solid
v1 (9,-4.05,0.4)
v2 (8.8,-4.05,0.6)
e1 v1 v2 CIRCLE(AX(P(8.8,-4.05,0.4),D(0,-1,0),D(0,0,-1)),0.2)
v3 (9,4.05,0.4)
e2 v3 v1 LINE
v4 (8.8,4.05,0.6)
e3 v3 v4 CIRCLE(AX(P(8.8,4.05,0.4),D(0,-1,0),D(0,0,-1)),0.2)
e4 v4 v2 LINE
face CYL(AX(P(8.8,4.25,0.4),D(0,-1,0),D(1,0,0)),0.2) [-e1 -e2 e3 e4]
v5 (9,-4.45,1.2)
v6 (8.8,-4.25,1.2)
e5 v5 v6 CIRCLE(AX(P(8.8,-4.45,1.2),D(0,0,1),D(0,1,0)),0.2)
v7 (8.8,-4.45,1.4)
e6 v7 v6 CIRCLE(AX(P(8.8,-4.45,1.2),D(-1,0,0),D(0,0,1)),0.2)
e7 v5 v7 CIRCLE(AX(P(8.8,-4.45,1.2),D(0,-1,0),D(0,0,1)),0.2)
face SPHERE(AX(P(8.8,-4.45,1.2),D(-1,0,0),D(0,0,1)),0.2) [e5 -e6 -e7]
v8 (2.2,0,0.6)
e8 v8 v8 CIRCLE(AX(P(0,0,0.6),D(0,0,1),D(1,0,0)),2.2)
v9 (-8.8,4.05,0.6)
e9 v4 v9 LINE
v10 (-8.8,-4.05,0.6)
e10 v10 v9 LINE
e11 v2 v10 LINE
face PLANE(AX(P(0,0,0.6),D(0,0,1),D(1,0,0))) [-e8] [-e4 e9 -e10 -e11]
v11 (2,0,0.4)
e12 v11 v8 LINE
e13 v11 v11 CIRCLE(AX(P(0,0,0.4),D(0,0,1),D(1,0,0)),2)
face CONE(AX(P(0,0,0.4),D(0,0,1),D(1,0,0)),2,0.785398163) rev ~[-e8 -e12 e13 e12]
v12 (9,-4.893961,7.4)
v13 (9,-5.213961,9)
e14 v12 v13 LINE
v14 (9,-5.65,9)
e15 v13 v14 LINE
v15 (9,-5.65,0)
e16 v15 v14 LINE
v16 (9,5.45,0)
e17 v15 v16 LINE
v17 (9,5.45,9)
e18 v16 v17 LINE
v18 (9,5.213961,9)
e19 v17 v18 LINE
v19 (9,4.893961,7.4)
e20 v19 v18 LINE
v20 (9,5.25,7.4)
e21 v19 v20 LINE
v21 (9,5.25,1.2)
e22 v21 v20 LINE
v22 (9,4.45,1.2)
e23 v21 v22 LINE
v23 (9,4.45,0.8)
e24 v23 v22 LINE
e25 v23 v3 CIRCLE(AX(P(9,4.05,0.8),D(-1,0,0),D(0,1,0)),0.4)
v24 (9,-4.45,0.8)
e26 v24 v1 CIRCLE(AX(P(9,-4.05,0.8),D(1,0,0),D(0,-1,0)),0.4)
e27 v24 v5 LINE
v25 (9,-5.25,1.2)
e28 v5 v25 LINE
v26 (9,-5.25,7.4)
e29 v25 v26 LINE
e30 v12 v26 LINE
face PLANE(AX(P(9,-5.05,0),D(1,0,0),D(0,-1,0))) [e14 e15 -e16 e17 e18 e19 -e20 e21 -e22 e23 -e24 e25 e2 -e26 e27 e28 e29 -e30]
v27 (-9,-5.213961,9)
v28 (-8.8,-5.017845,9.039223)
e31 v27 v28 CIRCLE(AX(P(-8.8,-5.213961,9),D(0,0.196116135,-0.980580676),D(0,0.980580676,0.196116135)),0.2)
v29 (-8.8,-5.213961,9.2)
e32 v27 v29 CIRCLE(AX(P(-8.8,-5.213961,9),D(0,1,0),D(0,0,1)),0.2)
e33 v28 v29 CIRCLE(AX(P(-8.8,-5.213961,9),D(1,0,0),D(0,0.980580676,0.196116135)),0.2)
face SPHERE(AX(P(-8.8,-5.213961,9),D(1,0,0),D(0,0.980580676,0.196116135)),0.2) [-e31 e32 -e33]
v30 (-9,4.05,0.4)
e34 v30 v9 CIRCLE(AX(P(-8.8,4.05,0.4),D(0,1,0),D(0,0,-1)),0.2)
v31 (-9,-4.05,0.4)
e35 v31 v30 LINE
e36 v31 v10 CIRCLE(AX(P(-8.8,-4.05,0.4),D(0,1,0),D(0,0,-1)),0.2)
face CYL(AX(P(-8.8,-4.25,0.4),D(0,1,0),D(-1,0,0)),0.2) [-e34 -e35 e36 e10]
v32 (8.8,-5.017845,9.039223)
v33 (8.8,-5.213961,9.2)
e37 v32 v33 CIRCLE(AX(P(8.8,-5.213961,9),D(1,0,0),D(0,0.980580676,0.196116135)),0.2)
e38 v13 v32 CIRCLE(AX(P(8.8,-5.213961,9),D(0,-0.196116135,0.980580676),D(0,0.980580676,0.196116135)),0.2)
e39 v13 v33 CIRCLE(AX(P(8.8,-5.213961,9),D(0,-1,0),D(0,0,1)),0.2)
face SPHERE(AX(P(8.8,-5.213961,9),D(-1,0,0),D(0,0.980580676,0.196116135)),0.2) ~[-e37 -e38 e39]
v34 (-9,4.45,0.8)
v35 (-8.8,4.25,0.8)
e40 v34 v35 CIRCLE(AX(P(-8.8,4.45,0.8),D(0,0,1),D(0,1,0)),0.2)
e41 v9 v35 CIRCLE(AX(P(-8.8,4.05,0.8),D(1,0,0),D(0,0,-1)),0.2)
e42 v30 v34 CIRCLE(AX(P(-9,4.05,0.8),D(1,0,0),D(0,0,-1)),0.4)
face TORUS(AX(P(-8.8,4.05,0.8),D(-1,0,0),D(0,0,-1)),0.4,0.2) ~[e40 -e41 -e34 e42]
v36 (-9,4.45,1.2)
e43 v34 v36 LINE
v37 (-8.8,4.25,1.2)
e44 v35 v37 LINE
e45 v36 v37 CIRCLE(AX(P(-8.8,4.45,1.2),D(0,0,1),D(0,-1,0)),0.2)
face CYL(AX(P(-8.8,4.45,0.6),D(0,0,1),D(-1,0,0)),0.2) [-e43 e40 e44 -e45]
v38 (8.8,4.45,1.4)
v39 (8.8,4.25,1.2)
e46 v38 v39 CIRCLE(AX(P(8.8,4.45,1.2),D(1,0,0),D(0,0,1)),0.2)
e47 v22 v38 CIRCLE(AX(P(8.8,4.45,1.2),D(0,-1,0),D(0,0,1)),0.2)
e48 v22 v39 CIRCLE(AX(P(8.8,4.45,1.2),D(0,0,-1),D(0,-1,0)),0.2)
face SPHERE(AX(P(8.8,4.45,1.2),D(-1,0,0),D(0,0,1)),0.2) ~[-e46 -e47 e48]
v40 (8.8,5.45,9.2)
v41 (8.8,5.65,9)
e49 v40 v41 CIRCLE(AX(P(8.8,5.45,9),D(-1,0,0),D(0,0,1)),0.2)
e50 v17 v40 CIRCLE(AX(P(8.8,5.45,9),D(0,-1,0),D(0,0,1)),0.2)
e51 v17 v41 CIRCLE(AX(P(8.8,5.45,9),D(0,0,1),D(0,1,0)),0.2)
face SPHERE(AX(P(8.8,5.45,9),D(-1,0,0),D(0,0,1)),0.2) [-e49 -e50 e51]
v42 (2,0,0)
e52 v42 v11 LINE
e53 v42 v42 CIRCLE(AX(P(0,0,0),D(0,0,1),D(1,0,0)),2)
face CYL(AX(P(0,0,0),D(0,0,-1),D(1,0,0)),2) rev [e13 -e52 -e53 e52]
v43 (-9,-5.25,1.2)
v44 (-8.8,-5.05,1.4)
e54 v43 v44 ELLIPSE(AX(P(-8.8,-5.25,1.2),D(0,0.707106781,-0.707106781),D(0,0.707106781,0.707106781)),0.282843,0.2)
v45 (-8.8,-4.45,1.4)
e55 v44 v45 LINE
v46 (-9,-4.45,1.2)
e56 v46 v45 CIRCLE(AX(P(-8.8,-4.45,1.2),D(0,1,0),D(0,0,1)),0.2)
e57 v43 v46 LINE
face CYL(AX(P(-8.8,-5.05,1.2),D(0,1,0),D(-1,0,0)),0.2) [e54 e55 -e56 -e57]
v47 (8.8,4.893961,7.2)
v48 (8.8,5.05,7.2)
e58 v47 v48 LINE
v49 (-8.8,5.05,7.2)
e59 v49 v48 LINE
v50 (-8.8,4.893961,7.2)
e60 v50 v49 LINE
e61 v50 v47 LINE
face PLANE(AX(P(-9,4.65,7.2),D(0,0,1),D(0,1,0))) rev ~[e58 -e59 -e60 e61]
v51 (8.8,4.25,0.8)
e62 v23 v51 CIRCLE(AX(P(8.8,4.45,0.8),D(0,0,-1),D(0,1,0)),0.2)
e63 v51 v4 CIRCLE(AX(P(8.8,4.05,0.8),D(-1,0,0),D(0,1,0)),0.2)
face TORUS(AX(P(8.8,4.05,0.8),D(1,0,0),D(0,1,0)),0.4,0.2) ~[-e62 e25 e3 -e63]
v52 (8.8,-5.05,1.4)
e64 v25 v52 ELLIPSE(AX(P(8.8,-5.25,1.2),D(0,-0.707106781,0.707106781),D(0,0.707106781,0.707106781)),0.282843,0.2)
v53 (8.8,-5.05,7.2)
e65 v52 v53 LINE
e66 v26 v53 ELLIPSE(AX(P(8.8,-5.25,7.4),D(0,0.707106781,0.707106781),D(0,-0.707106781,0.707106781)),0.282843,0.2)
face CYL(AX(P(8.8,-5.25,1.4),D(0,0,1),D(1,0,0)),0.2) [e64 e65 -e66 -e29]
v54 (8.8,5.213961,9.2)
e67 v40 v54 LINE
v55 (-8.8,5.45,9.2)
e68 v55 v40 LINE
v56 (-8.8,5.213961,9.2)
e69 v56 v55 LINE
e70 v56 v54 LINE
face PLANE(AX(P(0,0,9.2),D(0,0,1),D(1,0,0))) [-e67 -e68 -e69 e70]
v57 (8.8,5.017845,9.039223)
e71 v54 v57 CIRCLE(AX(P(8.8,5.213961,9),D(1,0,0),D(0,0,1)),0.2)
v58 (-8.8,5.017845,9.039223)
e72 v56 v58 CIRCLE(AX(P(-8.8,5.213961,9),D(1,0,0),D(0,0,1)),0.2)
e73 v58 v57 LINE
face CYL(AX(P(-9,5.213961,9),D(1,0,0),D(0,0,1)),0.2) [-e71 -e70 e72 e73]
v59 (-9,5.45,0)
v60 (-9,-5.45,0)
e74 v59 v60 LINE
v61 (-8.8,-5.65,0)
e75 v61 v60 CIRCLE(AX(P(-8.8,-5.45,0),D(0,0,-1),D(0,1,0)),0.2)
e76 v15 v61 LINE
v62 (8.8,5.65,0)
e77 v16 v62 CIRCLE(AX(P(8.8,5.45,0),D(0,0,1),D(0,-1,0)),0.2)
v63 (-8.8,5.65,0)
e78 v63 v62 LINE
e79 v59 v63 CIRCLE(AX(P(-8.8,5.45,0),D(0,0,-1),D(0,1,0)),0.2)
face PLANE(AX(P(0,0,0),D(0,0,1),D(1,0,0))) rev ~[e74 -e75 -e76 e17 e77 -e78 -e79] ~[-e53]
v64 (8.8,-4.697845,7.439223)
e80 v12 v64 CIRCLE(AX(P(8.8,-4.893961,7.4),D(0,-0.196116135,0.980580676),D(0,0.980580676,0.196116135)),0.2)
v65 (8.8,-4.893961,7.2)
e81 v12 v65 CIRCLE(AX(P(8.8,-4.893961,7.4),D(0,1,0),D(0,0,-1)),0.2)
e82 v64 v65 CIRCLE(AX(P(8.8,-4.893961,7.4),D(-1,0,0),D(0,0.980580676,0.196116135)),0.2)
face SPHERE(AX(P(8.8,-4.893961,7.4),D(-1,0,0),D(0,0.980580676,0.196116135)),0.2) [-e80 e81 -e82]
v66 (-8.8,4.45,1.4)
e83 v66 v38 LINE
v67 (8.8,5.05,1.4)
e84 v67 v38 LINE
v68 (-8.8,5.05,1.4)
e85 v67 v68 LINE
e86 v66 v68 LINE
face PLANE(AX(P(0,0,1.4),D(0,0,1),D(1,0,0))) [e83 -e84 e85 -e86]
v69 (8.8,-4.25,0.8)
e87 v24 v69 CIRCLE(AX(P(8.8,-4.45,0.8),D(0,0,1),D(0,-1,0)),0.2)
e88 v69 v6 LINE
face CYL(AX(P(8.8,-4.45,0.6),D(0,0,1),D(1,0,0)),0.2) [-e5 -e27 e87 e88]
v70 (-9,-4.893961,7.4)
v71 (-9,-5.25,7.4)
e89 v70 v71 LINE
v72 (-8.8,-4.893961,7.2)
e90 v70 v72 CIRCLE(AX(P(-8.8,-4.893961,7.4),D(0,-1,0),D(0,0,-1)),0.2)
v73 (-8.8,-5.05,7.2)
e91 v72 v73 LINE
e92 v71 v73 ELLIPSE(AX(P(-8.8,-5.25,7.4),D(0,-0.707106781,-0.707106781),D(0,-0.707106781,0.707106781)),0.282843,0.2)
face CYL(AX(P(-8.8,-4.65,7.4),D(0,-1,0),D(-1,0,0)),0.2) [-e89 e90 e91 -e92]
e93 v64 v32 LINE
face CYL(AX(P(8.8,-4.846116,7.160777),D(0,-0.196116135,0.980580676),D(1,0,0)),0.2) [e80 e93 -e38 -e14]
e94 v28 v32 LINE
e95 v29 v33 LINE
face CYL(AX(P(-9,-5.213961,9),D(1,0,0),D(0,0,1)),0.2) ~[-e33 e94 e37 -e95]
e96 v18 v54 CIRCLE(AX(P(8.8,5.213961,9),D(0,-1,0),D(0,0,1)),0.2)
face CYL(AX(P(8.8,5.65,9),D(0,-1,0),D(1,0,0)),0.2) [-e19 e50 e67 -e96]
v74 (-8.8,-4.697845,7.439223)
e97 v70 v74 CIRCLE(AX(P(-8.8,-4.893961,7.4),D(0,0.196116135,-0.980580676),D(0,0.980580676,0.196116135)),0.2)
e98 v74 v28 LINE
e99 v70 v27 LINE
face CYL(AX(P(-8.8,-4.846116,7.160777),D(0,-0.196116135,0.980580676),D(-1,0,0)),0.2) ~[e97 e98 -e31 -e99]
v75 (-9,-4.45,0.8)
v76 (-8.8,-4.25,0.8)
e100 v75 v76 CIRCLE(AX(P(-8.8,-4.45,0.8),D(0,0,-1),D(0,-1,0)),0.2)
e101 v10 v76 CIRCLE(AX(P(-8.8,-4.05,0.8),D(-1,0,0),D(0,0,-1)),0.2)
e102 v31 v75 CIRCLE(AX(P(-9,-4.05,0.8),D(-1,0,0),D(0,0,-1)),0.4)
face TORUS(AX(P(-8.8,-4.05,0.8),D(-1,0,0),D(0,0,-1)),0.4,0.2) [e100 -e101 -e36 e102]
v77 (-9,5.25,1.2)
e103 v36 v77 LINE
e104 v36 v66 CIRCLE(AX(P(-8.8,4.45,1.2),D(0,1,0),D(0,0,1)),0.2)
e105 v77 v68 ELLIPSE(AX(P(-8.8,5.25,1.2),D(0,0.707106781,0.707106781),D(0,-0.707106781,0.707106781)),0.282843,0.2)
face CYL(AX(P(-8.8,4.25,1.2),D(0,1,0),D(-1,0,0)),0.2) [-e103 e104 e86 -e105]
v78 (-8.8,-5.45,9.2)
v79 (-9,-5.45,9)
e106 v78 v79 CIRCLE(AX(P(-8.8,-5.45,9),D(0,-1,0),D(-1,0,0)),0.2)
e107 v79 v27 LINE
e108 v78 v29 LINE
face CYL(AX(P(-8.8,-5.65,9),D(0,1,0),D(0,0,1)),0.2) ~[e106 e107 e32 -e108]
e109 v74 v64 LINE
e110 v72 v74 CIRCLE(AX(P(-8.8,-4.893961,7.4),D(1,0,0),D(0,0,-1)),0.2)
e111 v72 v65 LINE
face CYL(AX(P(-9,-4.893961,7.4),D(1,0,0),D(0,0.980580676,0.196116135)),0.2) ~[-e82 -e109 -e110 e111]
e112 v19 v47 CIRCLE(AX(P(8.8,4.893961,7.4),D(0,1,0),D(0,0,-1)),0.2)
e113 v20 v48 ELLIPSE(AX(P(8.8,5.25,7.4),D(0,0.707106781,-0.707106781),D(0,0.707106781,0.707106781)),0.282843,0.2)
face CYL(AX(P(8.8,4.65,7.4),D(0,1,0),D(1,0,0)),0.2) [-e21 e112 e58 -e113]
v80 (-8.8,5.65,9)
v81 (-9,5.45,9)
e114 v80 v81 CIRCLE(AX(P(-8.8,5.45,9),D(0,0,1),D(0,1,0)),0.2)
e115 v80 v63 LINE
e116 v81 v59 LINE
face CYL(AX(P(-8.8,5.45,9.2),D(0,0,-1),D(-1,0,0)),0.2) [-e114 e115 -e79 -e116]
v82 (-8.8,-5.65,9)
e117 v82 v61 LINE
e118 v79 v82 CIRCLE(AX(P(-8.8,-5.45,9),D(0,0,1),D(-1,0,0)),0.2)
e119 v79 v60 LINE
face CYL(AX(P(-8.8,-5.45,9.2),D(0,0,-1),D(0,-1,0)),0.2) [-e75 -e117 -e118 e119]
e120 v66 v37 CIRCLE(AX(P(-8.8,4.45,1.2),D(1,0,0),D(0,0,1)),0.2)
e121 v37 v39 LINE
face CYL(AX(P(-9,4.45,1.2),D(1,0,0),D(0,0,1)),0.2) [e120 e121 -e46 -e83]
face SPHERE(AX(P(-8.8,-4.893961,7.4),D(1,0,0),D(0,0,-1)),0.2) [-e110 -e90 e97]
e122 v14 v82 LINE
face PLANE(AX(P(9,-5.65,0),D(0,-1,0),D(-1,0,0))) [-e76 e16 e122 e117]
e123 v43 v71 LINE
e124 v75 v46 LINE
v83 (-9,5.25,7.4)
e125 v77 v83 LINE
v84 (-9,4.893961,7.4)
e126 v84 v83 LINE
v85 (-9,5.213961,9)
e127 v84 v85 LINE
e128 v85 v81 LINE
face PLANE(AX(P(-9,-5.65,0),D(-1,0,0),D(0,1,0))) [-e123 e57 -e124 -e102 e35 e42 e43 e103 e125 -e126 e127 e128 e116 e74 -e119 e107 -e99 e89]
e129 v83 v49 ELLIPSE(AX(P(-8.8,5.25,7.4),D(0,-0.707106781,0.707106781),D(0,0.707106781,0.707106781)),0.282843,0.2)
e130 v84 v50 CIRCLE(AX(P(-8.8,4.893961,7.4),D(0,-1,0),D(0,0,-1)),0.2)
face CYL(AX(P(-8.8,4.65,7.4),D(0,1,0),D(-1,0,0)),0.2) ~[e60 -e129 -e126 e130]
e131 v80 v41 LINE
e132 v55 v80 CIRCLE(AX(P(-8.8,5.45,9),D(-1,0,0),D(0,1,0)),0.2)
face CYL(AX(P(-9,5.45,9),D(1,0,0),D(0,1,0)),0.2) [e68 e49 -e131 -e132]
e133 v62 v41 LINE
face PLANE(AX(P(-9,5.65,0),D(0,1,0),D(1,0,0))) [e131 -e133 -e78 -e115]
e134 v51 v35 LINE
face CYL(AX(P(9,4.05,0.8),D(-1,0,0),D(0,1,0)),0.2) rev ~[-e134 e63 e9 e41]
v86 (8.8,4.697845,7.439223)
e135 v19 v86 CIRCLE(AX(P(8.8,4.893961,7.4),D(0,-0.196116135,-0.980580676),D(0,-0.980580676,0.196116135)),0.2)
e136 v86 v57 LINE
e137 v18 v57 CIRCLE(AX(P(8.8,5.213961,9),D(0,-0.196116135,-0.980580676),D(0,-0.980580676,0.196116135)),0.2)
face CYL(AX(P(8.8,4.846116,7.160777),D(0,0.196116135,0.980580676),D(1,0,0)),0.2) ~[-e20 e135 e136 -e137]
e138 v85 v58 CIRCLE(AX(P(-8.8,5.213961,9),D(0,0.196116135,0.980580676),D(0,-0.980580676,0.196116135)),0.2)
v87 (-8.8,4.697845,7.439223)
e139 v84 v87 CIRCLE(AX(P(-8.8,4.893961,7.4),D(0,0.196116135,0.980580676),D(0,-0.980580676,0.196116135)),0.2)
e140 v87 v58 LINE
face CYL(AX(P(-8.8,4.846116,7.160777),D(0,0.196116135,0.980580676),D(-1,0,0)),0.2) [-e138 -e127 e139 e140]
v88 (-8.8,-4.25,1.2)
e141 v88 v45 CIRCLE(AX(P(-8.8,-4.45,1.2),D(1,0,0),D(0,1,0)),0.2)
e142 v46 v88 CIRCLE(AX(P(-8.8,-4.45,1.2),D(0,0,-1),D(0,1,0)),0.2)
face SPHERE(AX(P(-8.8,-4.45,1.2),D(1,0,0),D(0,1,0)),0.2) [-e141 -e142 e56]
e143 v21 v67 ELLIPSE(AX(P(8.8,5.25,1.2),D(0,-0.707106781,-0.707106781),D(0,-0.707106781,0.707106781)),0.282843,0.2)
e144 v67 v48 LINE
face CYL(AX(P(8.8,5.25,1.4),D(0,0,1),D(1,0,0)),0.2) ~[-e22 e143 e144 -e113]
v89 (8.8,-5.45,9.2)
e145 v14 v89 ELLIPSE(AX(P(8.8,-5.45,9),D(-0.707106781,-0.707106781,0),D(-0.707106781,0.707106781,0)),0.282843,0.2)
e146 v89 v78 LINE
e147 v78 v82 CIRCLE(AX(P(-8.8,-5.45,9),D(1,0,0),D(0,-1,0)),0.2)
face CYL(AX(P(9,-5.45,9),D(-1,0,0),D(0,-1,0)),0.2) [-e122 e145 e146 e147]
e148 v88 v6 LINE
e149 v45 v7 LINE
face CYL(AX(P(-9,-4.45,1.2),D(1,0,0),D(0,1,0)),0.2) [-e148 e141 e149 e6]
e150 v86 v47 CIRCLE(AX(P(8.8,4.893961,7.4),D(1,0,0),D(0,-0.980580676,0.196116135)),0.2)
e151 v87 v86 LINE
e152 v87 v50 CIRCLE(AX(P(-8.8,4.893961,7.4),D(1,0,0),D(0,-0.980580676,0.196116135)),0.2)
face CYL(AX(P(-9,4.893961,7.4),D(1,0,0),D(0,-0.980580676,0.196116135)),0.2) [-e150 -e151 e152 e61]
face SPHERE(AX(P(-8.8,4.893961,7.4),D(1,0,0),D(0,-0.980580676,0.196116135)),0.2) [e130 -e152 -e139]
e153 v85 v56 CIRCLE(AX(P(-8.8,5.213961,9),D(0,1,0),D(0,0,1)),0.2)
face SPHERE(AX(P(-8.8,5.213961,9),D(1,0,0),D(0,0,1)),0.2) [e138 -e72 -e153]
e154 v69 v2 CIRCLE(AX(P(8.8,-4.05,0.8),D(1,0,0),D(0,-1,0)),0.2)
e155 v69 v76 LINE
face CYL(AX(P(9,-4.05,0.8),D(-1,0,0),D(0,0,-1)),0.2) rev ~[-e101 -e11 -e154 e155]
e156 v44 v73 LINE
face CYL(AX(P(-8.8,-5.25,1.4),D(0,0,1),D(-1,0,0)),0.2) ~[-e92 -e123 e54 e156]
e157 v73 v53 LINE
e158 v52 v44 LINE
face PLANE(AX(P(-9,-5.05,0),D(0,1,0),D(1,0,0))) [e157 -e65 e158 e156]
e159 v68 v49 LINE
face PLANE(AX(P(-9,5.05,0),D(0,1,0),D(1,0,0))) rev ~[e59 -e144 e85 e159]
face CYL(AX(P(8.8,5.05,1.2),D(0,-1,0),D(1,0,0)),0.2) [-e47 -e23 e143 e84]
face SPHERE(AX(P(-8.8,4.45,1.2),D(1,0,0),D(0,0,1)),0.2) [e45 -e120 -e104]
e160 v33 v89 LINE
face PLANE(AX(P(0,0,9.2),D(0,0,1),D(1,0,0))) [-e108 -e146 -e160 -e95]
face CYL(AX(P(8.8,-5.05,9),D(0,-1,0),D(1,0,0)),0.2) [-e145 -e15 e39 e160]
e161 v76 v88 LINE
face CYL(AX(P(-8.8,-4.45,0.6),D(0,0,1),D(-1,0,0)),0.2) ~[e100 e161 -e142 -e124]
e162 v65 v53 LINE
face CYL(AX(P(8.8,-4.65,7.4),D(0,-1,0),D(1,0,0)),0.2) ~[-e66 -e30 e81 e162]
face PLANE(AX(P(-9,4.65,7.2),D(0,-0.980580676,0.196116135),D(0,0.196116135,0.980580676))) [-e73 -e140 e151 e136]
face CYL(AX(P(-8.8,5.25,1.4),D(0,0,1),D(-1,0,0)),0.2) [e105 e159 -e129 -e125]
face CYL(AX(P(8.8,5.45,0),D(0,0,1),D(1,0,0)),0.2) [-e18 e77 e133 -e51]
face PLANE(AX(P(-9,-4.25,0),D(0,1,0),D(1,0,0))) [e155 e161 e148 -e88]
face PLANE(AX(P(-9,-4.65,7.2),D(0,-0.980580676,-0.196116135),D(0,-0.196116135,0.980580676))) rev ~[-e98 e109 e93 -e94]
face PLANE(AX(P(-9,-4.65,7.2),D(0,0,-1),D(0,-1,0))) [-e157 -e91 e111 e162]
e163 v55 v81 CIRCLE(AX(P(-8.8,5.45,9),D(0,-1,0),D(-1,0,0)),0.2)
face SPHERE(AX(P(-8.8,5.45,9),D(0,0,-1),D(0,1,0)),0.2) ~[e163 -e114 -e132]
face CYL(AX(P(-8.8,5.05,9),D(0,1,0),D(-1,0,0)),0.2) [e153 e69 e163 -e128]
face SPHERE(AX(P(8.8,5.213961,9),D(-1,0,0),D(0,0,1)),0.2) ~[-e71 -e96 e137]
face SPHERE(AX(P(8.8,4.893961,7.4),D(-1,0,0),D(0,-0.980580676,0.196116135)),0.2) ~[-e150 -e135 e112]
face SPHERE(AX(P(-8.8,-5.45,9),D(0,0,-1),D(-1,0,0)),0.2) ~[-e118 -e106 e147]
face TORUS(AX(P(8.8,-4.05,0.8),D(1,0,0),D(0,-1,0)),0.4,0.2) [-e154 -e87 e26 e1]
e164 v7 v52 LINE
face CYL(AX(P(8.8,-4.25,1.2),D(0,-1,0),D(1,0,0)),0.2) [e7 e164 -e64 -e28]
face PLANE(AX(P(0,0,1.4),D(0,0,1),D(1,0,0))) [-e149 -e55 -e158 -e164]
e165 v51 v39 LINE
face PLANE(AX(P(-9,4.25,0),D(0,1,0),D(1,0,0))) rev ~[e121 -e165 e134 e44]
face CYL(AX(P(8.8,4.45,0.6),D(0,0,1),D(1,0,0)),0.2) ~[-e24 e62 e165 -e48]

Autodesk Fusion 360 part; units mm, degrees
sketch "Sketch1" plane through (0, 0, 0) normal (0, 0, 1) x (1, 0, 0)
  line L0 (9, -5.65) -> (-9, -5.65)
  line L1 (-9, -5.65) -> (-9, 5.65)
  line L2 (-9, 5.65) -> (9, 5.65)
  line L3 (9, 5.65) -> (9, -5.65)
  line L4 (9, -5.65) -> (-9, 5.65) construction
  line L5 (-9, -5.65) -> (9, 5.65) construction
  line L6 (-9, 4.25) -> (9, 4.25)
  line L7 (-9, -4.25) -> (9, -4.25)
  line L8 (-9, 5.05) -> (9, 5.05)
  line L9 (-9, -5.05) -> (9, -5.05)
  circle A0 centre (0, 0) radius 2
  dimension "d1" = 18
  dimension "d2" = 11.3
  dimension "d5" = 1.4
  dimension "d6" = 1.4
  dimension "d9" = 0.6
  dimension "d10" = 0.6
  dimension "d21" = 4
extrude "Extrude1" add sketch "Sketch1" along normal blind 0.6
extrude "Extrude2" add sketch "Sketch1" along normal blind 1.4 contours L0 L1 L3 L9 | L1 L3 L7 L9 | L1 L3 L6 L8 | L1 L2 L3 L8
extrude "Extrude3" add sketch "Sketch1" along normal blind 9.2 contours L0 L1 L3 L9 | L1 L2 L3 L8
sketch "Sketch2" plane through (-9, 0, 0) normal (-1, 0, 0) x (0, -1, 0)
  line L0 (5.05, 1.4) -> (4.25, 1.4)
  line L1 (4.25, 1.4) -> (4.25, 0.6)
  line L2 (4.25, 0.6) -> (-4.25, 0.6)
  line L3 (-4.25, 0.6) -> (-4.25, 1.4)
  line L4 (-4.25, 1.4) -> (-5.05, 1.4)
  line L5 (-5.05, 1.4) -> (-5.05, 9.2)
  line L6 (-5.05, 9.2) -> (-5.65, 9.2)
  line L7 (-5.65, 9.2) -> (-5.65, 0)
  line L8 (-5.65, 0) -> (5.65, 0)
  line L9 (5.05, 9.2) -> (5.05, 1.4)
  line L10 (4.65, 7.2) -> (5.05, 7.2)
  line L11 (4.65, 7.2) -> (5.05, 9.2)
  line L12 (5.05, 7.2) -> (5.05, 9.2)
  line L13 (0, 0) -> (0, 9)
  line L14 (-4.65, 7.2) -> (-5.05, 9.2)
  line L15 (-5.05, 7.2) -> (-5.05, 9.2)
  line L16 (-4.65, 7.2) -> (-5.05, 7.2)
  point P0 (-5.05, 9.2)
extrude "Extrude4" add sketch "Sketch2" against normal blind 18 contours L9 L10 L11 L12 | L5 L14 L15 L16
fillet "Fillet1" radius 0.2 39 edges at (0, 4.65, 7.2) (0, -4.65, 7.2) (0, -4.25, 1.4) (0, 4.25, 1.4) (0, 4.25, 0.6) (0, -4.25, 0.6) (-9, 5.65, 4.6) (-9, 4.85, 8.2) (-9, 5.05, 4.3) (-9, 4.85, 7.2) (-9, -4.85, 7.2) (-9, -5.05, 4.3) (-9, -4.85, 8.2) (9, -4.85, 8.2) (9, -4.85, 7.2) (9, -5.05, 4.3) (9, 5.05, 4.3) (9, 4.85, 8.2) (9, 4.85, 7.2) (9, -4.65, 1.4) (9, 4.65, 1.4) (9, 4.25, 1) (9, -4.25, 1) (9, 0, 0.6) (-9, 0, 0.6) (-9, 4.65, 1.4) (-9, 4.25, 1) (-9, -4.25, 1) (-9, -4.65, 1.4) (-9, -5.65, 4.6) (-9, -5.35, 9.2) (0, -5.65, 9.2) (0, 5.65, 9.2) (0, 5.05, 9.2) (-9, 5.35, 9.2) (9, 5.35, 9.2) (9, -5.35, 9.2) (0, -5.05, 9.2) (9, 5.65, 4.6)
chamfer "Chamfer1" distance 0.2 angle 45 1 edges at (-1.8647, 0.7232, 0.6)
